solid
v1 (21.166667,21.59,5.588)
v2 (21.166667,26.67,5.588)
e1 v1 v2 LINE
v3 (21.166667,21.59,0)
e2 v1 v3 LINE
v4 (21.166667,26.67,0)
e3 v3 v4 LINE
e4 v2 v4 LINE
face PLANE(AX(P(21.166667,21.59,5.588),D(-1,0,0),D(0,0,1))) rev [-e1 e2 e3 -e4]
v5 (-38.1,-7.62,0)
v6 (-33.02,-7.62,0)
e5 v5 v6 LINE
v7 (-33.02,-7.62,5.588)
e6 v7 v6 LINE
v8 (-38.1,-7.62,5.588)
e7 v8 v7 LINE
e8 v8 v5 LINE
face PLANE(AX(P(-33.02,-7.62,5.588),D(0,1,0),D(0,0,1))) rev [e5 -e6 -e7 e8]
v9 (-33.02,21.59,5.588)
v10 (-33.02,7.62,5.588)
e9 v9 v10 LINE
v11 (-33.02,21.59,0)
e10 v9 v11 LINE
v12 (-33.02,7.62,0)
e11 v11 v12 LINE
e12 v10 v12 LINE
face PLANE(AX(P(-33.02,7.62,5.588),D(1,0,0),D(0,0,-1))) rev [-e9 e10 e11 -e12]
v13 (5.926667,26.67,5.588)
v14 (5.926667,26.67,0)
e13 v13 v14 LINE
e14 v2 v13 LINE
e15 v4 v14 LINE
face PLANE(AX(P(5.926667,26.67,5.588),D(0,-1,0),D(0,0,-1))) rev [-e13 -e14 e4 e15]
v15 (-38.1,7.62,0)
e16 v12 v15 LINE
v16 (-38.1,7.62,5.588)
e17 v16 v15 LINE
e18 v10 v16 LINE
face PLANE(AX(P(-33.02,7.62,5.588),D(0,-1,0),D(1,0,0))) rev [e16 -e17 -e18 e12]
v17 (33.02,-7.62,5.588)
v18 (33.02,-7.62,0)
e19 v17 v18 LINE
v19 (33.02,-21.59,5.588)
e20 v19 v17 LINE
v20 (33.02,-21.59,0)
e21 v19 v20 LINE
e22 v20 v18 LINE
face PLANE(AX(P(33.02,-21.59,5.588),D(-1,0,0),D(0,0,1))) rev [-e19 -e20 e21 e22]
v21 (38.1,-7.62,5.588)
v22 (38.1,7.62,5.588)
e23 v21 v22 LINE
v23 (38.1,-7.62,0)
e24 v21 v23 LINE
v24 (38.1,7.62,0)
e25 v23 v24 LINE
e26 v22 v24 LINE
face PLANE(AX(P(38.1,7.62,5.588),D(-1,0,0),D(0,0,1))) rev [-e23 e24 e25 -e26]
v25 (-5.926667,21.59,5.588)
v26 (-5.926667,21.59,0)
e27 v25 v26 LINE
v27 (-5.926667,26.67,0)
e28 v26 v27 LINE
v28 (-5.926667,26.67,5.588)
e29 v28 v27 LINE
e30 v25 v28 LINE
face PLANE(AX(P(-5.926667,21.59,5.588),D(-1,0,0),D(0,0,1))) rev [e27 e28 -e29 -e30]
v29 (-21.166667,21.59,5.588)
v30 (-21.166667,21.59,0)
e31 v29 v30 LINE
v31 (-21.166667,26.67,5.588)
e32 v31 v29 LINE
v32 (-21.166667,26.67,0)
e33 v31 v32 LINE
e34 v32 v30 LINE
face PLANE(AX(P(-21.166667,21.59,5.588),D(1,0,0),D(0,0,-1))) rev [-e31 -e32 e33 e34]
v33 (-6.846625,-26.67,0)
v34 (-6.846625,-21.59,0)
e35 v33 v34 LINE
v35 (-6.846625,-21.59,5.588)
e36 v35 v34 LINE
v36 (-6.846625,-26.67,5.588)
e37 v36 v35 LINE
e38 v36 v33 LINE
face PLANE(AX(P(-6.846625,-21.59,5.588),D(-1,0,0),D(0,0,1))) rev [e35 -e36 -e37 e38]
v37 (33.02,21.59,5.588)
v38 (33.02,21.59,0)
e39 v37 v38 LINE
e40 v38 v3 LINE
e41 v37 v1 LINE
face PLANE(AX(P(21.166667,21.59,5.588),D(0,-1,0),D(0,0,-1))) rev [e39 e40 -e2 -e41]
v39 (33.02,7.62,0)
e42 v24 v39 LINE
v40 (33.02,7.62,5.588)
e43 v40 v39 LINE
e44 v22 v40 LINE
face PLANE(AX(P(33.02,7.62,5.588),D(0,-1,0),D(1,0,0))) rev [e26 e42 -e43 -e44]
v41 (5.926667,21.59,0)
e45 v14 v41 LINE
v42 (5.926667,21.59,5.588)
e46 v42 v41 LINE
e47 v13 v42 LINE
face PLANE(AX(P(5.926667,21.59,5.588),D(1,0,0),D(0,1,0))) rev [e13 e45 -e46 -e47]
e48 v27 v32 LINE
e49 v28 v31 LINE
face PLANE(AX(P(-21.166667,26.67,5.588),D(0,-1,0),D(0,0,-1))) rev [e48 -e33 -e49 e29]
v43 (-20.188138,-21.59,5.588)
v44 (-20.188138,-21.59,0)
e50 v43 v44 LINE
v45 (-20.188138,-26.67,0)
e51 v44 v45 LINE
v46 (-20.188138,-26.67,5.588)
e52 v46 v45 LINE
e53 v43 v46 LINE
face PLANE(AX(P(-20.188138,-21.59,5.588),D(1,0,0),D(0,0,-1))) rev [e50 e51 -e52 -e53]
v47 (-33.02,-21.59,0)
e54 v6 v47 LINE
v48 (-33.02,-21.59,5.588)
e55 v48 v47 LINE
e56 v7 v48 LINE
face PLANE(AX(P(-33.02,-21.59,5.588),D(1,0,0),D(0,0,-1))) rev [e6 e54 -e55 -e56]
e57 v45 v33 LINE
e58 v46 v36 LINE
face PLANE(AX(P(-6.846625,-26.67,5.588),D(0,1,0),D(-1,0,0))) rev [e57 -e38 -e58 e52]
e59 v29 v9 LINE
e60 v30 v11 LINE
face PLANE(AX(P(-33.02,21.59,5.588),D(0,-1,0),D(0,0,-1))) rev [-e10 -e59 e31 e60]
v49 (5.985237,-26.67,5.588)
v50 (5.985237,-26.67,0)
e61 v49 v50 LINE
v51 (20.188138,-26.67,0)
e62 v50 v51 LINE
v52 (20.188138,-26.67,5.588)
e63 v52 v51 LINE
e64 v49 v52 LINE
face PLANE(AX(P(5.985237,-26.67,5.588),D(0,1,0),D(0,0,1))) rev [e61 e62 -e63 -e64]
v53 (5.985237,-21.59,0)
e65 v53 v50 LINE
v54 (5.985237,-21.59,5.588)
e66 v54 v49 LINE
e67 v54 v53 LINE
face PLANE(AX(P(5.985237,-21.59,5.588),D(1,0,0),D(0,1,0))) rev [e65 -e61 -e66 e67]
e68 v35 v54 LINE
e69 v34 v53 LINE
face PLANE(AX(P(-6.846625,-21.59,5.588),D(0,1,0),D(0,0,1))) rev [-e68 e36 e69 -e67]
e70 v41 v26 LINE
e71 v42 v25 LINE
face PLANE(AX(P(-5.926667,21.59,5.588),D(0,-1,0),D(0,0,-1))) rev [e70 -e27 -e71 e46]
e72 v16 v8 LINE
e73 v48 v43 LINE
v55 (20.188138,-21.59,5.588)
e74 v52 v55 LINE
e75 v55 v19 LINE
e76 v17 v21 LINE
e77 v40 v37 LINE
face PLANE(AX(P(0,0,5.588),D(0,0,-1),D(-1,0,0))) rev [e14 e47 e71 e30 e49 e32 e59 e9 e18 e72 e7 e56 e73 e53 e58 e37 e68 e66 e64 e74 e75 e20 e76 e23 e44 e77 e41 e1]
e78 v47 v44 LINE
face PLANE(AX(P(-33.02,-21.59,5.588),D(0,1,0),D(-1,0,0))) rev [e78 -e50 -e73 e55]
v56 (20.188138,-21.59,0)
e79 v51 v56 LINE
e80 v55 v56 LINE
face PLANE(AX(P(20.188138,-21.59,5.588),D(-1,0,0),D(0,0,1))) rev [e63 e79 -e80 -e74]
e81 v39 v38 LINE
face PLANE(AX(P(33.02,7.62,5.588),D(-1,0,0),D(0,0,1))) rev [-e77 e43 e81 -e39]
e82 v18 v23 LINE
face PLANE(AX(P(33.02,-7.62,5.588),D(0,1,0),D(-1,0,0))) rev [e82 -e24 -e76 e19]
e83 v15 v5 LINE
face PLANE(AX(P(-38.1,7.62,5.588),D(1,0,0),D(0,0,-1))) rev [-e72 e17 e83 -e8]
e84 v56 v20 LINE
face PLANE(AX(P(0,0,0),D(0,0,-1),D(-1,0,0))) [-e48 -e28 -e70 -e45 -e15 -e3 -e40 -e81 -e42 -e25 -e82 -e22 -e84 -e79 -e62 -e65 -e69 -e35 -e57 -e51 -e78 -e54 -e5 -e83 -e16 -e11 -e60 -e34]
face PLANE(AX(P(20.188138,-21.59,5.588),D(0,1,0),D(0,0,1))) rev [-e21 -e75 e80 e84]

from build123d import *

# Parameters (mm, degrees)
BOSS_EXTRUDE3_DEPTH = 5.588


with BuildPart() as part:
    # Sketch1 → Boss-Extrude3 (new body)
    with BuildSketch(Plane.XY):
        Polygon((-5.926666667, 21.59), (5.926666667, 21.59), (5.926666667, 26.67), (21.166666667, 26.67), (21.166666667, 21.59), (33.02, 21.59), (33.02, 7.62), (38.1, 7.62), (38.1, -7.62), (33.02, -7.62), (33.02, -21.59), (20.188138196, -21.59), (20.188138196, -26.67), (5.985237219, -26.67), (5.985237219, -21.59), (-6.846624585, -21.59), (-6.846624585, -26.67), (-20.188138196, -26.67), (-20.188138196, -21.59), (-33.02, -21.59), (-33.02, -7.62), (-38.1, -7.62), (-38.1, 7.62), (-33.02, 7.62), (-33.02, 21.59), (-21.166666667, 21.59), (-21.166666667, 26.67), (-5.926666667, 26.67), align=None)
    extrude(amount=BOSS_EXTRUDE3_DEPTH)


solid = part.part
